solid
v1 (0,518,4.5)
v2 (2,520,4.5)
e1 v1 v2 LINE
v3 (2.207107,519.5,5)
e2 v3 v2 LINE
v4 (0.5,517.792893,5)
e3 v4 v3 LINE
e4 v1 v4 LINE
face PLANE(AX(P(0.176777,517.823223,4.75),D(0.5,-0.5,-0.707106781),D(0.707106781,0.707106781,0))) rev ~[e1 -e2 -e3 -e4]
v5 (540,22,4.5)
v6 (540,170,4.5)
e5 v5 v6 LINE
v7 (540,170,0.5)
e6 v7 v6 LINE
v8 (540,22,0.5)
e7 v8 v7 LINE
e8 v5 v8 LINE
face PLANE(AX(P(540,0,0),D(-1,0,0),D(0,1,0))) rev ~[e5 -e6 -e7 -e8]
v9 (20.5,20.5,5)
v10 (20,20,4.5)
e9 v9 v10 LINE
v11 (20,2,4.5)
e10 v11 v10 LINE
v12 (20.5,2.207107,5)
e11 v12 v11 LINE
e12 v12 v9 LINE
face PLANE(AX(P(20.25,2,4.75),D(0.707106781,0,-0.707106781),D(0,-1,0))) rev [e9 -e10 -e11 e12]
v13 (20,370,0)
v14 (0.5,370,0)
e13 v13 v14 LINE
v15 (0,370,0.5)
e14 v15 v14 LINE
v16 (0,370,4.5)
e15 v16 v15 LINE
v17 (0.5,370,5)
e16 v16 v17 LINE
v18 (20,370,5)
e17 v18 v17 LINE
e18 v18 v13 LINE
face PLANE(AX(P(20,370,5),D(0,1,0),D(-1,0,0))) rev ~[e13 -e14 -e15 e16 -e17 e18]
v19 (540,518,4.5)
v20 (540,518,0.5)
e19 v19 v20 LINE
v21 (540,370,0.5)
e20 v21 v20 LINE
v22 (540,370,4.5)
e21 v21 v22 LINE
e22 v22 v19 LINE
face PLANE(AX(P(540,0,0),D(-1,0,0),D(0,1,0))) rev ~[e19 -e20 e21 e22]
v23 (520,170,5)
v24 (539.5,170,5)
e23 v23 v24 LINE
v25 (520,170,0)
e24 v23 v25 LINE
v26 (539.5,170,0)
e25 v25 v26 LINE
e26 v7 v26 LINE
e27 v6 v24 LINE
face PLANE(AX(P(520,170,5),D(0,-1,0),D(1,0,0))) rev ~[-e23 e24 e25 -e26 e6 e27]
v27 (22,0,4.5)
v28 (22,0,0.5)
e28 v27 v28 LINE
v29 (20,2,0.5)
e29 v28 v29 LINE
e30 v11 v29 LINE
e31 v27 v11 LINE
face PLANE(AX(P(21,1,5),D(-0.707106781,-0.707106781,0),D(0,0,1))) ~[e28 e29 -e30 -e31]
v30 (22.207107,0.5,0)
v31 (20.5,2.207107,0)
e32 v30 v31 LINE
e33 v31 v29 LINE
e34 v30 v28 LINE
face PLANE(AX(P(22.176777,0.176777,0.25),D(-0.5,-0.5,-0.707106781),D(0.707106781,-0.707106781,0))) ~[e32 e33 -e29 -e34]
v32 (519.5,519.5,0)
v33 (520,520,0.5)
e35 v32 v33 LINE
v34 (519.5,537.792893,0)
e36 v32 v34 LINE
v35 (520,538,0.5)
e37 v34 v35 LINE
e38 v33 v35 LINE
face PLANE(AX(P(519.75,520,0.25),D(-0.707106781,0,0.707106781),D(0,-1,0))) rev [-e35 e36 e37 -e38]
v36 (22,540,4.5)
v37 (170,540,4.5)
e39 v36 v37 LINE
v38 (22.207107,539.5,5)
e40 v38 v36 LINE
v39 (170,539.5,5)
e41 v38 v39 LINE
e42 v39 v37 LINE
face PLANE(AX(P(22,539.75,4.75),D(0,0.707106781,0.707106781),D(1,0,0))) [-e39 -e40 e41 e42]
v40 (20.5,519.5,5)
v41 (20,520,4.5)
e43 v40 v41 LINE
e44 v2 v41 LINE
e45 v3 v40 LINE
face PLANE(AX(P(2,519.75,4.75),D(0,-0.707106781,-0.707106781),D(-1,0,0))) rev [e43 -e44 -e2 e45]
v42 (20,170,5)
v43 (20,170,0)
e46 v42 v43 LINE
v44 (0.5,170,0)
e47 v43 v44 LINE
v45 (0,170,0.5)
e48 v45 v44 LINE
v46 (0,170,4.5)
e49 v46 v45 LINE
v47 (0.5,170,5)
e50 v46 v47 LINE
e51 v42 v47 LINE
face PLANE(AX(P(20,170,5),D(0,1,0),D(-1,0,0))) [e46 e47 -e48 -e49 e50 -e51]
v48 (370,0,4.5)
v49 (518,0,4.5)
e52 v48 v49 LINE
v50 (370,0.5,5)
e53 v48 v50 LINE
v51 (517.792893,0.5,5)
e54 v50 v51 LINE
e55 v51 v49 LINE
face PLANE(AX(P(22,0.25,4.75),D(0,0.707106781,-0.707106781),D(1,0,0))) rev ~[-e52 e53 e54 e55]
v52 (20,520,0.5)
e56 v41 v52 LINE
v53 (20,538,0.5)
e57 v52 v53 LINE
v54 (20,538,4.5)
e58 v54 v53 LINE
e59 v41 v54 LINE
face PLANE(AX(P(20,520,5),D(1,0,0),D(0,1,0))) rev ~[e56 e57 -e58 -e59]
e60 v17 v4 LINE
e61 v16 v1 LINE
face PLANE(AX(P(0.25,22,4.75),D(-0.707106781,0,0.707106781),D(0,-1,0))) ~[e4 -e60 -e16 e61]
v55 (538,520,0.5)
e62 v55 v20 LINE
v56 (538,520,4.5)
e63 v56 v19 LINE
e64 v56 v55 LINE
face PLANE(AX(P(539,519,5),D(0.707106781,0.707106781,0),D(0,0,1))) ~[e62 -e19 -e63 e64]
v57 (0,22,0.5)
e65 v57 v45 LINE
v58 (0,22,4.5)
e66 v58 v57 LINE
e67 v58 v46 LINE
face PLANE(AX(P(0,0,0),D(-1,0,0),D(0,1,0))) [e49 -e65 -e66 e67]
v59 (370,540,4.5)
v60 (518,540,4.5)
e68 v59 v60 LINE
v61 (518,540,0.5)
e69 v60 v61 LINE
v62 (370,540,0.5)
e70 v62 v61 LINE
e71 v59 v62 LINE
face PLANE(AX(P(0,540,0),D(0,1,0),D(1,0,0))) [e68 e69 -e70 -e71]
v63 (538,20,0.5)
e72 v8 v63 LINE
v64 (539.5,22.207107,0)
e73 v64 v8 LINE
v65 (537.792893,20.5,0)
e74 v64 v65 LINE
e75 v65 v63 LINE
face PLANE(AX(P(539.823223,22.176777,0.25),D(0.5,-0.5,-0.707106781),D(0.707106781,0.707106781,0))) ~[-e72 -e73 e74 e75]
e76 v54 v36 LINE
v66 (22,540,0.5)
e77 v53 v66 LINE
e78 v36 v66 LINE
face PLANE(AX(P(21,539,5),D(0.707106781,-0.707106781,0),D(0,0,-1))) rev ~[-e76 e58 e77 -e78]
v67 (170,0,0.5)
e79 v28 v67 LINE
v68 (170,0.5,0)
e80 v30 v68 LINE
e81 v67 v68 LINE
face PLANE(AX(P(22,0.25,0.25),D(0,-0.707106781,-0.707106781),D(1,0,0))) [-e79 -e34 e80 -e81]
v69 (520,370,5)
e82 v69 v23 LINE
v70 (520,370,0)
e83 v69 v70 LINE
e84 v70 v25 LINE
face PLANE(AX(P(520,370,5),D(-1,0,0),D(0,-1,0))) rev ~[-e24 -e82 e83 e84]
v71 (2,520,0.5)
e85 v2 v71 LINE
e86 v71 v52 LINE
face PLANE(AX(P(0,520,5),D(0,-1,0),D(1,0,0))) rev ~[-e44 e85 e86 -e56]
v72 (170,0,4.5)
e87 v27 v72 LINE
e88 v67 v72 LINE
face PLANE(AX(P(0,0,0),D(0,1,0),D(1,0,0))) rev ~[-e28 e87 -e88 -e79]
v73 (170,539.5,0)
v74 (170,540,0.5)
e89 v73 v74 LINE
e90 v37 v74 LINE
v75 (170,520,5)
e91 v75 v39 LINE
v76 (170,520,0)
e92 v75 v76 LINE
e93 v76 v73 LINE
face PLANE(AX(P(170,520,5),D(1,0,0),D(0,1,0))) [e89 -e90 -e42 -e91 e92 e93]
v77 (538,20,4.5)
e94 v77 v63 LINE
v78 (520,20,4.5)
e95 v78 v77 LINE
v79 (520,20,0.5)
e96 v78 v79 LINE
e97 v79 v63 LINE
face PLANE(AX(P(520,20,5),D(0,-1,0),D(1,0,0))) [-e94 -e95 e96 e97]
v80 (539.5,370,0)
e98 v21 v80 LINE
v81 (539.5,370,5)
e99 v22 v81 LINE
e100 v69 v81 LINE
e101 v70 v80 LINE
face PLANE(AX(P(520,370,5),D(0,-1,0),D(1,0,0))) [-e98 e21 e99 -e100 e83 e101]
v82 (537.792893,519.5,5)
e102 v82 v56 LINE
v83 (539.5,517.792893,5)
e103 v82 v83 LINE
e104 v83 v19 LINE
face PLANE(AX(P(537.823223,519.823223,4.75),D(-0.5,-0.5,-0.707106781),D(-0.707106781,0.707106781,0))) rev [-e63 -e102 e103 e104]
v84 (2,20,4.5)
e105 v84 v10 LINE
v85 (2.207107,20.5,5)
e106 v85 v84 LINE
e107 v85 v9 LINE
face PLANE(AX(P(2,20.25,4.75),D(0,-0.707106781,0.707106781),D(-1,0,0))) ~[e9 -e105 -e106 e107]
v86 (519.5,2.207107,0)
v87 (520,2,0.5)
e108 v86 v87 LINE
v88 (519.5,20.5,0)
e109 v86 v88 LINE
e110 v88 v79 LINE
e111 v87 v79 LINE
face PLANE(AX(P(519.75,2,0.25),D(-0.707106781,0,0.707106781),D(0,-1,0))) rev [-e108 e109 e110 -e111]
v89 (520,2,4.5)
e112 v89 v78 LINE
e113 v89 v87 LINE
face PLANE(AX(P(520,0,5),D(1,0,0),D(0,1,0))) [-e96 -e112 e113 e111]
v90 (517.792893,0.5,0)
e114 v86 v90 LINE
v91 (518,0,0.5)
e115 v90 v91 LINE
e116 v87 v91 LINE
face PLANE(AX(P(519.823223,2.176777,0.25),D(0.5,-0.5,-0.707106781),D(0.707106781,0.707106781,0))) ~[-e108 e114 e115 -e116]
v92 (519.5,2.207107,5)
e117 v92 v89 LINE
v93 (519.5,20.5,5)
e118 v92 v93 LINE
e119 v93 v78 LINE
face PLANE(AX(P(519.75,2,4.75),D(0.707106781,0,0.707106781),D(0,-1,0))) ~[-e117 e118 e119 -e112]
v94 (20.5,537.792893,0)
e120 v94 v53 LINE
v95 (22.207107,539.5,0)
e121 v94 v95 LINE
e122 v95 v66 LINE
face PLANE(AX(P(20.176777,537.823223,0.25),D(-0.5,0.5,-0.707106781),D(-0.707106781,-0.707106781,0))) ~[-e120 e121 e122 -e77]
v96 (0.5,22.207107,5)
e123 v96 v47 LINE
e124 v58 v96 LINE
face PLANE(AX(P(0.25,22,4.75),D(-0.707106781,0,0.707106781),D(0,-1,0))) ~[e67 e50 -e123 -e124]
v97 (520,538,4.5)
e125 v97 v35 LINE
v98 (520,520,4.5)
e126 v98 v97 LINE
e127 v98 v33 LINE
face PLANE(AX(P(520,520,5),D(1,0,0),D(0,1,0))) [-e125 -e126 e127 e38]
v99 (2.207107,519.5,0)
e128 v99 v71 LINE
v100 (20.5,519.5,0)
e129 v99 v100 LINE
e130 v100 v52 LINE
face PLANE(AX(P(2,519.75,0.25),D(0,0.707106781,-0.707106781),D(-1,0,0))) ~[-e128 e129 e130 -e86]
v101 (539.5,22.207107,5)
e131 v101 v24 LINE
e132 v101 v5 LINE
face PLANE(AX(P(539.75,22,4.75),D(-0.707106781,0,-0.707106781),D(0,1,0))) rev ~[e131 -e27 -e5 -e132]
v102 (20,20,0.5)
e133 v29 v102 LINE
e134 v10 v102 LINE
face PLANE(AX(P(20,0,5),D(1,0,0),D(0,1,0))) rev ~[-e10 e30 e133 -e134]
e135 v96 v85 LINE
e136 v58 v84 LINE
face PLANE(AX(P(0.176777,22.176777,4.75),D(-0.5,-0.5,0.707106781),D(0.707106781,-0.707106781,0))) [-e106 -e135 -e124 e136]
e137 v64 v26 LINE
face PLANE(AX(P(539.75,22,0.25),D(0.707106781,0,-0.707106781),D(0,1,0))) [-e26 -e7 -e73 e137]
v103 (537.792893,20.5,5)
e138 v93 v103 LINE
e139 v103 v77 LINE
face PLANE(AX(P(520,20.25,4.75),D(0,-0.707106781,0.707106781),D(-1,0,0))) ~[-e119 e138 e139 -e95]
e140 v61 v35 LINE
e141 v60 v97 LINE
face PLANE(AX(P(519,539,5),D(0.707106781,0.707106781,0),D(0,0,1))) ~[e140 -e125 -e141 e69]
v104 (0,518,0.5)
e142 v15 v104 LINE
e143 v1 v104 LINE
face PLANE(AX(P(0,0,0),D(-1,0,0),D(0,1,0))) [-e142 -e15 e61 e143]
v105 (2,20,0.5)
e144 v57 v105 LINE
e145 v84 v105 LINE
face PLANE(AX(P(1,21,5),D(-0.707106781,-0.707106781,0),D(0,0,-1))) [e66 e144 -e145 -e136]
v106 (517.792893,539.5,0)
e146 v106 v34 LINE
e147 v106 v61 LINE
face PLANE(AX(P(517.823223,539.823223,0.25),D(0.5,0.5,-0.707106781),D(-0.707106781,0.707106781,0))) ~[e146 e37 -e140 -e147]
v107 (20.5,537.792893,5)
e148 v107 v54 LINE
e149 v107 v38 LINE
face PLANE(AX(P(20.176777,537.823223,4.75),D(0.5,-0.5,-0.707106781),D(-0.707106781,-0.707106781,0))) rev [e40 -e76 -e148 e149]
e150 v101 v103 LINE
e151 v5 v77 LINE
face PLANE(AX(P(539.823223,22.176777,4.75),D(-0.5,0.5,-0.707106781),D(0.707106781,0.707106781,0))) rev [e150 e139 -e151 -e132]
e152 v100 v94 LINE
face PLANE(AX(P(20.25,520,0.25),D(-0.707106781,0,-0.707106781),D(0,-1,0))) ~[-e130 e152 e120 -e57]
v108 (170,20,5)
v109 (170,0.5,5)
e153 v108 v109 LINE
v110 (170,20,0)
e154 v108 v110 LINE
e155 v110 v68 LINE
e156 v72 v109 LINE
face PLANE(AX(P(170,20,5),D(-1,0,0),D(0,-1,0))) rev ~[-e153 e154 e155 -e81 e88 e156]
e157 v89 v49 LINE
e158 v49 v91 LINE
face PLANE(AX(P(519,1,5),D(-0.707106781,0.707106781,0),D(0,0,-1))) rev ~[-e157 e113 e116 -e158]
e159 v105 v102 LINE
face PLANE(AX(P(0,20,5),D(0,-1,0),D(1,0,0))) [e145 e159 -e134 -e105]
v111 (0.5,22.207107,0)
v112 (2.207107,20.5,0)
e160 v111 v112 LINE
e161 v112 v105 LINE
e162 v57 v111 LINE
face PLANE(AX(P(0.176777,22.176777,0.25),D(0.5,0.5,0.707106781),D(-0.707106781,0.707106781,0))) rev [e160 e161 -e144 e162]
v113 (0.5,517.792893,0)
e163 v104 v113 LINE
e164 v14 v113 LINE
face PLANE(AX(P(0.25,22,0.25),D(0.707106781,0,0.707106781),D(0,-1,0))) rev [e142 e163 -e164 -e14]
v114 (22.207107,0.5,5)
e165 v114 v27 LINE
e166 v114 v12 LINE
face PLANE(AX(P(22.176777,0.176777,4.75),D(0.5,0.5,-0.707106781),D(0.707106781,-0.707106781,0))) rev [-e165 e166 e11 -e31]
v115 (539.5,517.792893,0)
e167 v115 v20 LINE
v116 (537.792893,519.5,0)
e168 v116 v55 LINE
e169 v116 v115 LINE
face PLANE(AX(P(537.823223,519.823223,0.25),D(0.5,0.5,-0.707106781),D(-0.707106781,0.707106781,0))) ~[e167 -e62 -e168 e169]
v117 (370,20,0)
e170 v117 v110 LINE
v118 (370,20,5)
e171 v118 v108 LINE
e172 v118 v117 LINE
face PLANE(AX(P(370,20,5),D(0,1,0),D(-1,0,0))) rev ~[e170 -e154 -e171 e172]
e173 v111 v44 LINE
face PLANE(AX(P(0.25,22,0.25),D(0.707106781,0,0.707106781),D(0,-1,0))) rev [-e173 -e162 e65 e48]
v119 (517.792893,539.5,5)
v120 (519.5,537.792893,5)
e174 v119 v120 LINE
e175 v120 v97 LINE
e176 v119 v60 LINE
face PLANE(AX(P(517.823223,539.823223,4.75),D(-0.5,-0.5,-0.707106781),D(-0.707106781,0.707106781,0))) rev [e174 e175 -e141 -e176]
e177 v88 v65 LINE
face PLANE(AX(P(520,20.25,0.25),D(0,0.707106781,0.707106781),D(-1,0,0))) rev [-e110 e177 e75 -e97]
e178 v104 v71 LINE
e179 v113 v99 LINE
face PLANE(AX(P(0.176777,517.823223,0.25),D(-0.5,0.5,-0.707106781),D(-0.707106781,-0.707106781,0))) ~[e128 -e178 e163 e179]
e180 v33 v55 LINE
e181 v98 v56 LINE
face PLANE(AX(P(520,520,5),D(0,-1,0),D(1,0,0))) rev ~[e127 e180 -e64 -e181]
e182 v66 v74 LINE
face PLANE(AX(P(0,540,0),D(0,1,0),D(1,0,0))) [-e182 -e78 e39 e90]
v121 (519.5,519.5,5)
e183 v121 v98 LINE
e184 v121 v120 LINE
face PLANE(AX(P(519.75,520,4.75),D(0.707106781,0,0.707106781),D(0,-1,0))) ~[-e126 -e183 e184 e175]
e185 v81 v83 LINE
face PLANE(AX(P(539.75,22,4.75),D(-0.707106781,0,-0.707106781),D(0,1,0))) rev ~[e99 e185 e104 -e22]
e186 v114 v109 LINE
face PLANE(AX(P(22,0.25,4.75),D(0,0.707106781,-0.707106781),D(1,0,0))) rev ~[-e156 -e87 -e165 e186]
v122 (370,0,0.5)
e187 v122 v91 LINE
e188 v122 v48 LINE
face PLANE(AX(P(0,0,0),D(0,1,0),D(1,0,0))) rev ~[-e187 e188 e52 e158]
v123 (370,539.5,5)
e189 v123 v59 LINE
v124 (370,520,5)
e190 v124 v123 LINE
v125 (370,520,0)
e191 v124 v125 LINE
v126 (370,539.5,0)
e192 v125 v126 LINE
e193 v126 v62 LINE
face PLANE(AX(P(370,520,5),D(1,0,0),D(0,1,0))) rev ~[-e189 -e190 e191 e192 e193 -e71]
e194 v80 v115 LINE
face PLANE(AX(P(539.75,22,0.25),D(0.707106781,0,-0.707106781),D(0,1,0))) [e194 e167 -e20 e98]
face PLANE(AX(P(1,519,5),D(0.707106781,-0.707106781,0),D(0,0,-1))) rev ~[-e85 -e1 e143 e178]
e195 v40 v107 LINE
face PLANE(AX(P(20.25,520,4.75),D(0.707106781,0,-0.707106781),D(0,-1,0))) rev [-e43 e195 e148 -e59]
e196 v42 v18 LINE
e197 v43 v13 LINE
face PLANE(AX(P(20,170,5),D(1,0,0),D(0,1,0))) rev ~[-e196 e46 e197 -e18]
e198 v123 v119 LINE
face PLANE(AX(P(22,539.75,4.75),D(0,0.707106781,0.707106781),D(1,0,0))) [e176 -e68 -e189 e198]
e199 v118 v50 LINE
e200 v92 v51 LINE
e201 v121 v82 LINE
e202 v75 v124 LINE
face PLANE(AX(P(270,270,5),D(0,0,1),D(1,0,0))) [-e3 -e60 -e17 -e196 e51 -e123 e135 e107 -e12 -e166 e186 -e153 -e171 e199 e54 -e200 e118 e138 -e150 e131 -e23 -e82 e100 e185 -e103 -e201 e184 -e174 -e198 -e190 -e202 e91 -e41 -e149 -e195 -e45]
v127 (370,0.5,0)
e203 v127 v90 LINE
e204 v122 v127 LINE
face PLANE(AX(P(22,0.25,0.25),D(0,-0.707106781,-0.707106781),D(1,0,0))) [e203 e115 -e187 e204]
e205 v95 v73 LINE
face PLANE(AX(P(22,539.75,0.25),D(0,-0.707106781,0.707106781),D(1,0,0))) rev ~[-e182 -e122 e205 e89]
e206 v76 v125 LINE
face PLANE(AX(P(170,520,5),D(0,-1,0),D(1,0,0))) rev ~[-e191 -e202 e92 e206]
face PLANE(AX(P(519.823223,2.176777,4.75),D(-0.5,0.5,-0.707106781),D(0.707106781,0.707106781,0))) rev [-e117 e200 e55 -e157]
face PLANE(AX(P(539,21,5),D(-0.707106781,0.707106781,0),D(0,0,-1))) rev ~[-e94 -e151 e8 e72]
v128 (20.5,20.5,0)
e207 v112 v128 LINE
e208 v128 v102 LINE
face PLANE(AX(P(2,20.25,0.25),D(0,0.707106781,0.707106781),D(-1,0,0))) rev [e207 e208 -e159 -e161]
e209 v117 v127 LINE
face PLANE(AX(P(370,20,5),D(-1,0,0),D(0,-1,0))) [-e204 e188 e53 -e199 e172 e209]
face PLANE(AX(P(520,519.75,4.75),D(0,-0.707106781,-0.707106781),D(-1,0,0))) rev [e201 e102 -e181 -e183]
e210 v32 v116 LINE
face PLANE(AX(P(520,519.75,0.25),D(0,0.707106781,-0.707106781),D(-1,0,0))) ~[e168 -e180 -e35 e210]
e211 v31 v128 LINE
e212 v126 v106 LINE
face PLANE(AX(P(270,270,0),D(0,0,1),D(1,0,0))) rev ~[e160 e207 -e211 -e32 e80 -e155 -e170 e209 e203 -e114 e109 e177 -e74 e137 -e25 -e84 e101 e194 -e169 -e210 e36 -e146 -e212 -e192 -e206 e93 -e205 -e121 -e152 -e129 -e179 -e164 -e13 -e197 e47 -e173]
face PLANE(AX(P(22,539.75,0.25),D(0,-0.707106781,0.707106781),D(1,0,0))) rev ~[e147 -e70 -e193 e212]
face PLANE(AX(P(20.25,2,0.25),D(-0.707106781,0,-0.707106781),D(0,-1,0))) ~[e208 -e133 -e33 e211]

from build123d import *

# Parameters (mm, degrees)
SKETCH1_W           = 540
SKETCH1_H           = 540
BOSS_EXTRUDE1_DEPTH = 5
SKETCH2_W           = 20
SKETCH2_H           = 20
CUT_EXTRUDE1_DEPTH  = 5
CHAMFER1_SIZE       = 2
CHAMFER2_SIZE       = 0.5
SKETCH3_W           = 200
SKETCH3_H           = 77.416612185
CUT_EXTRUDE2_DEPTH  = 10
CIRPATTERN1_COUNT   = 4


with BuildPart() as part:
    # Sketch1 → Boss-Extrude1 (new body)
    with BuildSketch(Plane.XY):
        with Locations((270, 270)):
            Rectangle(SKETCH1_W, SKETCH1_H)
    extrude(amount=BOSS_EXTRUDE1_DEPTH)

    # Sketch2 → Cut-Extrude1 (cut)
    with BuildSketch(Plane.XY.offset(5)):
        with Locations((10, 530)):
            Rectangle(SKETCH2_W, SKETCH2_H)
        with Locations((530, 530)):
            Rectangle(SKETCH2_W, SKETCH2_H)
        with Locations((530, 10)):
            Rectangle(SKETCH2_W, SKETCH2_H)
        with Locations((10, 10)):
            Rectangle(SKETCH2_W, SKETCH2_H)
    extrude(amount=-CUT_EXTRUDE1_DEPTH, mode=Mode.SUBTRACT)

    # Chamfer1
    chamfer1_edges = [part.edges().sort_by_distance(p)[0] for p in [
        (0, 520, 2.5),
        (20, 540, 2.5),
        (520, 540, 2.5),
        (540, 520, 2.5),
        (20, 0, 2.5),
        (0, 20, 2.5),
        (540, 20, 2.5),
        (520, 0, 2.5),
    ]]
    chamfer(chamfer1_edges, length=CHAMFER1_SIZE)

    # Chamfer2
    chamfer2_edges = [part.edges().sort_by_distance(p)[0] for p in [
        (1, 21, 0),
        (11, 20, 0),
        (20, 11, 0),
        (21, 1, 0),
        (270, 0, 0),
        (519, 1, 0),
        (520, 11, 0),
        (529, 20, 0),
        (539, 21, 0),
        (540, 270, 0),
        (539, 519, 0),
        (529, 520, 0),
        (520, 529, 0),
        (519, 539, 0),
        (270, 540, 0),
        (21, 539, 0),
        (20, 529, 0),
        (11, 520, 0),
        (1, 519, 0),
        (0, 270, 0),
        (20, 529, 5),
        (21, 539, 5),
        (270, 540, 5),
        (519, 539, 5),
        (520, 529, 5),
        (529, 520, 5),
        (539, 519, 5),
        (540, 270, 5),
        (539, 21, 5),
        (529, 20, 5),
        (520, 11, 5),
        (519, 1, 5),
        (270, 0, 5),
        (21, 1, 5),
        (20, 11, 5),
        (11, 20, 5),
        (1, 21, 5),
        (0, 270, 5),
        (1, 519, 5),
        (11, 520, 5),
    ]]
    chamfer(chamfer2_edges, length=CHAMFER2_SIZE)

    # Sketch3 → Cut-Extrude2 (cut)
    with BuildSketch(Plane.XY.offset(5)):
        with Locations((270, 558.708306093)):
            Rectangle(SKETCH3_W, SKETCH3_H)
    cut_extrude2 = extrude(amount=-CUT_EXTRUDE2_DEPTH, mode=Mode.SUBTRACT)

    # CirPattern1: Cut-Extrude2 ×4 about axis
    cirpattern1_axis = Axis((270, 270, 5), (0, 0, 1))
    for i in range(1, CIRPATTERN1_COUNT):
        add(cut_extrude2.rotate(cirpattern1_axis, i * 360 / CIRPATTERN1_COUNT), mode=Mode.SUBTRACT)


solid = part.part
